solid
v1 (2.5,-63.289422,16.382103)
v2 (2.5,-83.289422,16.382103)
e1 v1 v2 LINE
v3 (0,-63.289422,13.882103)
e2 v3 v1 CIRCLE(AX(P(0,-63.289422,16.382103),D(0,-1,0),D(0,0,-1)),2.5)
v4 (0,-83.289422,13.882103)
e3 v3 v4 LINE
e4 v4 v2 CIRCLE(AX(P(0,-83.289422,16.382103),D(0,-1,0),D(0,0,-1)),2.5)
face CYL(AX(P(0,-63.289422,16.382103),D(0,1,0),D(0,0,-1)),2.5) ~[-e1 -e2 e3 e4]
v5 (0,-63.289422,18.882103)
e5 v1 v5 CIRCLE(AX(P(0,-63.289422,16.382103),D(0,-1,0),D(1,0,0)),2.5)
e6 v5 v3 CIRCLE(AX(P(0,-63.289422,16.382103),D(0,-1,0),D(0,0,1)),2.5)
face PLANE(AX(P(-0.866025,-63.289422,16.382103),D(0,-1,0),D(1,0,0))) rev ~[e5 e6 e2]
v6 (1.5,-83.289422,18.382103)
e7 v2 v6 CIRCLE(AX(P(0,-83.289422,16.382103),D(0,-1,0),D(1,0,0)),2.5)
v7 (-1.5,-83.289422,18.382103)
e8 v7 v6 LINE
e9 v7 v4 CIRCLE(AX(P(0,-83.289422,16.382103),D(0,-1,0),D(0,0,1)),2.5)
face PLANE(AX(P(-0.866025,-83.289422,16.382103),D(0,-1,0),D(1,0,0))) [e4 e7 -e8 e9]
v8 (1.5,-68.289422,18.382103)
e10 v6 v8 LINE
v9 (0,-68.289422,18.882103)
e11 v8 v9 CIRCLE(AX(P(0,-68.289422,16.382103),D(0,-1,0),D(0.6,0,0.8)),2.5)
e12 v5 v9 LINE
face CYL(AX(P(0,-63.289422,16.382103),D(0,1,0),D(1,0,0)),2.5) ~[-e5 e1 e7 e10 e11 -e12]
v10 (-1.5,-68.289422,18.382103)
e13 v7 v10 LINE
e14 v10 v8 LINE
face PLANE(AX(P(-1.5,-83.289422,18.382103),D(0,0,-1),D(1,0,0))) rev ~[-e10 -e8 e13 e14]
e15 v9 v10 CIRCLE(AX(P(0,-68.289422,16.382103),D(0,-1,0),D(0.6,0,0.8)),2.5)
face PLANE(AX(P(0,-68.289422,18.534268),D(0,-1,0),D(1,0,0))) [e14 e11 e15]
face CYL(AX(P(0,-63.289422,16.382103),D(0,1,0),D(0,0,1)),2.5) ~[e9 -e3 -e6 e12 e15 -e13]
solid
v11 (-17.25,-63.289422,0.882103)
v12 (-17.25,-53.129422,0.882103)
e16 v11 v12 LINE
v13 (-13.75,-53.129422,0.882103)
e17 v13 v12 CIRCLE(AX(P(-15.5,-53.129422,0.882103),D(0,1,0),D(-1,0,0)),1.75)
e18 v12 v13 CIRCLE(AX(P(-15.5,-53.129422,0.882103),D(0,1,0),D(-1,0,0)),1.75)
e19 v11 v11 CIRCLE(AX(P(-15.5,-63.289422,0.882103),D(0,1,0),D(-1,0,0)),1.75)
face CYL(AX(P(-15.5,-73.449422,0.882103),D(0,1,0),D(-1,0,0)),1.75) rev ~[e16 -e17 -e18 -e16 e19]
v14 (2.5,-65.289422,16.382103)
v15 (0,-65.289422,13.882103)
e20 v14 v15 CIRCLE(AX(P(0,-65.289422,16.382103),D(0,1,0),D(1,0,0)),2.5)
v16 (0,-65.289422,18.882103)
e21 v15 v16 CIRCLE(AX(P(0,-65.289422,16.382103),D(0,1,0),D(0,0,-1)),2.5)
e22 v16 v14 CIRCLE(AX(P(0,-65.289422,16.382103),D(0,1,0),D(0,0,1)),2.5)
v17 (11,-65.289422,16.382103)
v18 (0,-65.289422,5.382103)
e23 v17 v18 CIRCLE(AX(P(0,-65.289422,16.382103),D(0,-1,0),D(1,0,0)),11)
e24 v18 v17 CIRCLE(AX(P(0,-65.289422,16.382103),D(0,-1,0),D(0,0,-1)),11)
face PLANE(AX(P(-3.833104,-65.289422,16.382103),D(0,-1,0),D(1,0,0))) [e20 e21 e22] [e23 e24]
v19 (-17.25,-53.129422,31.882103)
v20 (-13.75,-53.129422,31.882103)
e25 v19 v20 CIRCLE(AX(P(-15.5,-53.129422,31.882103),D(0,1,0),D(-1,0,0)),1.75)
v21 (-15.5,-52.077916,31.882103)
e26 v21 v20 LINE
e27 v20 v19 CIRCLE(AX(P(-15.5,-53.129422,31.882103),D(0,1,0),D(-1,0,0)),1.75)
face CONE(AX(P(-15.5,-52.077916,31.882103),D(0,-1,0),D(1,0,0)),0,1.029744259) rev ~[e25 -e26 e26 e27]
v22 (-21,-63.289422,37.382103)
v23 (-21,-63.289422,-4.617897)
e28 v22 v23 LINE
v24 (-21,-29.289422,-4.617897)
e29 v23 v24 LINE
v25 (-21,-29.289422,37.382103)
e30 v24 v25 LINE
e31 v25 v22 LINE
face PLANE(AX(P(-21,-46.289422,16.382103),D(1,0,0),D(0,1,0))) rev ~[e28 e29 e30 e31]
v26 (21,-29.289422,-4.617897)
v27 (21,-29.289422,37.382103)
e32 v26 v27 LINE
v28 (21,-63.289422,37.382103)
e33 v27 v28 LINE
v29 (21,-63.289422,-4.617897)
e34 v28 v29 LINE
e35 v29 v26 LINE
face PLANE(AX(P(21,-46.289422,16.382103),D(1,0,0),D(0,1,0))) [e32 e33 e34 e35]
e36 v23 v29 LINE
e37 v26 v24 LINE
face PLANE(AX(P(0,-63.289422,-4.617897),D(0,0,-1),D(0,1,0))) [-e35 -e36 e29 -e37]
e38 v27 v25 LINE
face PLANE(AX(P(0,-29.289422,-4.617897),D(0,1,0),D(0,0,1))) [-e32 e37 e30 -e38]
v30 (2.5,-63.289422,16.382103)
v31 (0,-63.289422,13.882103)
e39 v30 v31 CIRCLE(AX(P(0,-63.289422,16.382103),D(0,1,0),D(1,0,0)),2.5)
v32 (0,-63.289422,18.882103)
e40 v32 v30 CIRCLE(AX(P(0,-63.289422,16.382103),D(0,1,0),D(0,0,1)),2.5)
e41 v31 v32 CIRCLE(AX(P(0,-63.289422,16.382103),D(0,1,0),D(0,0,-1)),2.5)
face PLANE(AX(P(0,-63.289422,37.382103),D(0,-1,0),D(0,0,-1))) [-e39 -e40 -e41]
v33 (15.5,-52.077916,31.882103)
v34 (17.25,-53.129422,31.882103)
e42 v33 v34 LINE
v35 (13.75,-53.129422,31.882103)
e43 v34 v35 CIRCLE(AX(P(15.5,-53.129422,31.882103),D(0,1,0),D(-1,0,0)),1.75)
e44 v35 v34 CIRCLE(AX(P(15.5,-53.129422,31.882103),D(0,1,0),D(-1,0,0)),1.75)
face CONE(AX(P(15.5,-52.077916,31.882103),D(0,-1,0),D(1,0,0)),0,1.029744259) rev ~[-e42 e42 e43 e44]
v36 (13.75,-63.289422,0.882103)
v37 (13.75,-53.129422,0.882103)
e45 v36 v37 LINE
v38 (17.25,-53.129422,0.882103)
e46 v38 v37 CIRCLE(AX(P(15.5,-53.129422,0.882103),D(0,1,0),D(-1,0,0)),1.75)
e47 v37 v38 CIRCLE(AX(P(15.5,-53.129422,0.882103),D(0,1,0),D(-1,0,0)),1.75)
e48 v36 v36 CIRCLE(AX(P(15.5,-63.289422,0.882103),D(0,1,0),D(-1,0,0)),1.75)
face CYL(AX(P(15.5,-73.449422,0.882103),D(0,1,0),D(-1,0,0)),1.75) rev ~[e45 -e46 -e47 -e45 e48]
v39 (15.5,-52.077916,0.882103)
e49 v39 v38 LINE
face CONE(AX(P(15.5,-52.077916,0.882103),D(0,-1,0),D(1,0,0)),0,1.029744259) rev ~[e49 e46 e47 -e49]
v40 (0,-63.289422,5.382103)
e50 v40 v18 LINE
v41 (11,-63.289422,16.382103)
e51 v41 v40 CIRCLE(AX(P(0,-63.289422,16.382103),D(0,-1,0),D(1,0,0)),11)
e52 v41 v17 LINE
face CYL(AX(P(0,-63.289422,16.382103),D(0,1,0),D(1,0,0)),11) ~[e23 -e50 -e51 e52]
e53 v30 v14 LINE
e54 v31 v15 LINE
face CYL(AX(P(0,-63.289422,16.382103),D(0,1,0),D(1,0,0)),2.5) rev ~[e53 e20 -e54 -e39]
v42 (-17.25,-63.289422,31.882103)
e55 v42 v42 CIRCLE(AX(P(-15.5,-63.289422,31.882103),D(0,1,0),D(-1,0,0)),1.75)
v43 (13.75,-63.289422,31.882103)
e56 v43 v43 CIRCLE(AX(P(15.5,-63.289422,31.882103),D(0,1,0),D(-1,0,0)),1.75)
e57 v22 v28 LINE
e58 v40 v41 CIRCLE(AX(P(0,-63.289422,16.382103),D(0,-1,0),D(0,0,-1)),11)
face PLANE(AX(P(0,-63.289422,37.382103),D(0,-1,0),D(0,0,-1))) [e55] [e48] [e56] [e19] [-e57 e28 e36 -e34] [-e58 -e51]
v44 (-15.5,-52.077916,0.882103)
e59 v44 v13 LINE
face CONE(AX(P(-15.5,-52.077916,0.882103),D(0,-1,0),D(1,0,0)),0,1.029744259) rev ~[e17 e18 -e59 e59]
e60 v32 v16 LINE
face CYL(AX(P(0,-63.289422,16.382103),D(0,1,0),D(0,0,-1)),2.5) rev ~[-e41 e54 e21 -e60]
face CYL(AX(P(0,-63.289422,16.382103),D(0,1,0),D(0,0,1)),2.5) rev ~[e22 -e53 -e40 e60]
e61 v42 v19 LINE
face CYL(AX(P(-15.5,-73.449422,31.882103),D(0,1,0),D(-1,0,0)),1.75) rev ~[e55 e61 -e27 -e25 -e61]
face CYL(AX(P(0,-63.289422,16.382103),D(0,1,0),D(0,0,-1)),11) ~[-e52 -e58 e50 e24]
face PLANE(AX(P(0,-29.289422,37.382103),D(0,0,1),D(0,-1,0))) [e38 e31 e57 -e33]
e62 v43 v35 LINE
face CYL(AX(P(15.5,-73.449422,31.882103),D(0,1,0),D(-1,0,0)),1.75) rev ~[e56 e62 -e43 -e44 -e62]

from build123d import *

# Parameters (mm, degrees)
F1_DEPTH = 21
F3_DEPTH = 2
F4_DEPTH = 20
F6_DEPTH = 15
F8_D     = 3.5
F8_DEPTH = 10.16
F8_TIP   = 1.0515060833


with BuildPart() as f1:
    # F0 (on Right) → F1 (new body, symmetric)
    with BuildSketch(Plane.YZ):
        Polygon((-29.2894222864, 37.3821025362), (-63.2894222864, 37.3821025362), (-63.2894222864, 27.3821025362), (-63.2894222864, 16.3821025362), (-63.2894222864, 5.3821025362), (-63.2894222864, -4.6178974638), (-29.2894222864, -4.6178974638), (-29.2894222864, 16.3821025362), align=None)
    extrude(amount=F1_DEPTH, both=True)

    # F2 (on face) → F3 (join)
    with BuildSketch(Plane.XZ.offset(63.2894222864)):
        with BuildLine():
            Line((0, 5.3821025362), (0, 13.8821025362))
            ThreePointArc((0, 13.8821025362), (-2.5, 16.3821025362), (0, 18.8821025362))
            Line((0, 18.8821025362), (0, 27.3821025362))
            ThreePointArc((0, 27.3821025362), (-11, 16.3821025362), (0, 5.3821025362))
        make_face()
        with BuildLine():
            ThreePointArc((2.5, 16.3821025362), (1.767766953, 14.6143355832), (0, 13.8821025362))
            Line((0, 13.8821025362), (0, 5.3821025362))
            ThreePointArc((0, 5.3821025362), (7.7781745931, 8.6039279431), (11, 16.3821025362))
            ThreePointArc((11, 16.3821025362), (7.7781745931, 24.1602771292), (0, 27.3821025362))
            Line((0, 27.3821025362), (0, 18.8821025362))
            ThreePointArc((0, 18.8821025362), (1.767766953, 18.1498694891), (2.5, 16.3821025362))
        make_face()
    extrude(amount=F3_DEPTH)

    # F8
    with Locations(Plane.XZ.offset(63.2894222864)):
        with Locations((-15.5, 31.8821025362), (15.5, 31.8821025362), (15.5, 0.8821025362), (-15.5, 0.8821025362)):
            Hole(F8_D / 2, depth=F8_DEPTH)
            with Locations((0, 0, -(F8_DEPTH + F8_TIP / 2))):  # 118° drill point
                Cone(0, F8_D / 2, F8_TIP, mode=Mode.SUBTRACT)


with BuildPart() as f4:
    # F2 (on face) → F4 (new body)
    with BuildSketch(Plane.XZ.offset(63.2894222864)):
        with BuildLine():
            Line((0, 13.8821025362), (0, 16.3821025362))
            Line((0, 16.3821025362), (0, 18.3821025362))
            Line((0, 18.3821025362), (0, 18.8821025362))
            ThreePointArc((0, 18.8821025362), (-2.5, 16.3821025362), (0, 13.8821025362))
        make_face()
        with BuildLine():
            Line((0, 18.3821025362), (0, 16.3821025362))
            Line((0, 16.3821025362), (0, 13.8821025362))
            ThreePointArc((0, 13.8821025362), (1.767766953, 14.6143355832), (2.5, 16.3821025362))
            ThreePointArc((2.5, 16.3821025362), (1.767766953, 18.1498694891), (0, 18.8821025362))
            Line((0, 18.8821025362), (0, 18.3821025362))
        make_face()
    extrude(amount=F4_DEPTH)

    # F5 (on face) → F6 (cut)
    with BuildSketch(Plane.XZ.offset(83.2894222864)):
        with BuildLine():
            ThreePointArc((1.5, 18.3821025362), (0, 18.8821025362), (-1.5, 18.3821025362))
            Line((-1.5, 18.3821025362), (1.5, 18.3821025362))
        make_face()
    extrude(amount=-F6_DEPTH, mode=Mode.SUBTRACT)


solid = Compound([f1.part, f4.part])
